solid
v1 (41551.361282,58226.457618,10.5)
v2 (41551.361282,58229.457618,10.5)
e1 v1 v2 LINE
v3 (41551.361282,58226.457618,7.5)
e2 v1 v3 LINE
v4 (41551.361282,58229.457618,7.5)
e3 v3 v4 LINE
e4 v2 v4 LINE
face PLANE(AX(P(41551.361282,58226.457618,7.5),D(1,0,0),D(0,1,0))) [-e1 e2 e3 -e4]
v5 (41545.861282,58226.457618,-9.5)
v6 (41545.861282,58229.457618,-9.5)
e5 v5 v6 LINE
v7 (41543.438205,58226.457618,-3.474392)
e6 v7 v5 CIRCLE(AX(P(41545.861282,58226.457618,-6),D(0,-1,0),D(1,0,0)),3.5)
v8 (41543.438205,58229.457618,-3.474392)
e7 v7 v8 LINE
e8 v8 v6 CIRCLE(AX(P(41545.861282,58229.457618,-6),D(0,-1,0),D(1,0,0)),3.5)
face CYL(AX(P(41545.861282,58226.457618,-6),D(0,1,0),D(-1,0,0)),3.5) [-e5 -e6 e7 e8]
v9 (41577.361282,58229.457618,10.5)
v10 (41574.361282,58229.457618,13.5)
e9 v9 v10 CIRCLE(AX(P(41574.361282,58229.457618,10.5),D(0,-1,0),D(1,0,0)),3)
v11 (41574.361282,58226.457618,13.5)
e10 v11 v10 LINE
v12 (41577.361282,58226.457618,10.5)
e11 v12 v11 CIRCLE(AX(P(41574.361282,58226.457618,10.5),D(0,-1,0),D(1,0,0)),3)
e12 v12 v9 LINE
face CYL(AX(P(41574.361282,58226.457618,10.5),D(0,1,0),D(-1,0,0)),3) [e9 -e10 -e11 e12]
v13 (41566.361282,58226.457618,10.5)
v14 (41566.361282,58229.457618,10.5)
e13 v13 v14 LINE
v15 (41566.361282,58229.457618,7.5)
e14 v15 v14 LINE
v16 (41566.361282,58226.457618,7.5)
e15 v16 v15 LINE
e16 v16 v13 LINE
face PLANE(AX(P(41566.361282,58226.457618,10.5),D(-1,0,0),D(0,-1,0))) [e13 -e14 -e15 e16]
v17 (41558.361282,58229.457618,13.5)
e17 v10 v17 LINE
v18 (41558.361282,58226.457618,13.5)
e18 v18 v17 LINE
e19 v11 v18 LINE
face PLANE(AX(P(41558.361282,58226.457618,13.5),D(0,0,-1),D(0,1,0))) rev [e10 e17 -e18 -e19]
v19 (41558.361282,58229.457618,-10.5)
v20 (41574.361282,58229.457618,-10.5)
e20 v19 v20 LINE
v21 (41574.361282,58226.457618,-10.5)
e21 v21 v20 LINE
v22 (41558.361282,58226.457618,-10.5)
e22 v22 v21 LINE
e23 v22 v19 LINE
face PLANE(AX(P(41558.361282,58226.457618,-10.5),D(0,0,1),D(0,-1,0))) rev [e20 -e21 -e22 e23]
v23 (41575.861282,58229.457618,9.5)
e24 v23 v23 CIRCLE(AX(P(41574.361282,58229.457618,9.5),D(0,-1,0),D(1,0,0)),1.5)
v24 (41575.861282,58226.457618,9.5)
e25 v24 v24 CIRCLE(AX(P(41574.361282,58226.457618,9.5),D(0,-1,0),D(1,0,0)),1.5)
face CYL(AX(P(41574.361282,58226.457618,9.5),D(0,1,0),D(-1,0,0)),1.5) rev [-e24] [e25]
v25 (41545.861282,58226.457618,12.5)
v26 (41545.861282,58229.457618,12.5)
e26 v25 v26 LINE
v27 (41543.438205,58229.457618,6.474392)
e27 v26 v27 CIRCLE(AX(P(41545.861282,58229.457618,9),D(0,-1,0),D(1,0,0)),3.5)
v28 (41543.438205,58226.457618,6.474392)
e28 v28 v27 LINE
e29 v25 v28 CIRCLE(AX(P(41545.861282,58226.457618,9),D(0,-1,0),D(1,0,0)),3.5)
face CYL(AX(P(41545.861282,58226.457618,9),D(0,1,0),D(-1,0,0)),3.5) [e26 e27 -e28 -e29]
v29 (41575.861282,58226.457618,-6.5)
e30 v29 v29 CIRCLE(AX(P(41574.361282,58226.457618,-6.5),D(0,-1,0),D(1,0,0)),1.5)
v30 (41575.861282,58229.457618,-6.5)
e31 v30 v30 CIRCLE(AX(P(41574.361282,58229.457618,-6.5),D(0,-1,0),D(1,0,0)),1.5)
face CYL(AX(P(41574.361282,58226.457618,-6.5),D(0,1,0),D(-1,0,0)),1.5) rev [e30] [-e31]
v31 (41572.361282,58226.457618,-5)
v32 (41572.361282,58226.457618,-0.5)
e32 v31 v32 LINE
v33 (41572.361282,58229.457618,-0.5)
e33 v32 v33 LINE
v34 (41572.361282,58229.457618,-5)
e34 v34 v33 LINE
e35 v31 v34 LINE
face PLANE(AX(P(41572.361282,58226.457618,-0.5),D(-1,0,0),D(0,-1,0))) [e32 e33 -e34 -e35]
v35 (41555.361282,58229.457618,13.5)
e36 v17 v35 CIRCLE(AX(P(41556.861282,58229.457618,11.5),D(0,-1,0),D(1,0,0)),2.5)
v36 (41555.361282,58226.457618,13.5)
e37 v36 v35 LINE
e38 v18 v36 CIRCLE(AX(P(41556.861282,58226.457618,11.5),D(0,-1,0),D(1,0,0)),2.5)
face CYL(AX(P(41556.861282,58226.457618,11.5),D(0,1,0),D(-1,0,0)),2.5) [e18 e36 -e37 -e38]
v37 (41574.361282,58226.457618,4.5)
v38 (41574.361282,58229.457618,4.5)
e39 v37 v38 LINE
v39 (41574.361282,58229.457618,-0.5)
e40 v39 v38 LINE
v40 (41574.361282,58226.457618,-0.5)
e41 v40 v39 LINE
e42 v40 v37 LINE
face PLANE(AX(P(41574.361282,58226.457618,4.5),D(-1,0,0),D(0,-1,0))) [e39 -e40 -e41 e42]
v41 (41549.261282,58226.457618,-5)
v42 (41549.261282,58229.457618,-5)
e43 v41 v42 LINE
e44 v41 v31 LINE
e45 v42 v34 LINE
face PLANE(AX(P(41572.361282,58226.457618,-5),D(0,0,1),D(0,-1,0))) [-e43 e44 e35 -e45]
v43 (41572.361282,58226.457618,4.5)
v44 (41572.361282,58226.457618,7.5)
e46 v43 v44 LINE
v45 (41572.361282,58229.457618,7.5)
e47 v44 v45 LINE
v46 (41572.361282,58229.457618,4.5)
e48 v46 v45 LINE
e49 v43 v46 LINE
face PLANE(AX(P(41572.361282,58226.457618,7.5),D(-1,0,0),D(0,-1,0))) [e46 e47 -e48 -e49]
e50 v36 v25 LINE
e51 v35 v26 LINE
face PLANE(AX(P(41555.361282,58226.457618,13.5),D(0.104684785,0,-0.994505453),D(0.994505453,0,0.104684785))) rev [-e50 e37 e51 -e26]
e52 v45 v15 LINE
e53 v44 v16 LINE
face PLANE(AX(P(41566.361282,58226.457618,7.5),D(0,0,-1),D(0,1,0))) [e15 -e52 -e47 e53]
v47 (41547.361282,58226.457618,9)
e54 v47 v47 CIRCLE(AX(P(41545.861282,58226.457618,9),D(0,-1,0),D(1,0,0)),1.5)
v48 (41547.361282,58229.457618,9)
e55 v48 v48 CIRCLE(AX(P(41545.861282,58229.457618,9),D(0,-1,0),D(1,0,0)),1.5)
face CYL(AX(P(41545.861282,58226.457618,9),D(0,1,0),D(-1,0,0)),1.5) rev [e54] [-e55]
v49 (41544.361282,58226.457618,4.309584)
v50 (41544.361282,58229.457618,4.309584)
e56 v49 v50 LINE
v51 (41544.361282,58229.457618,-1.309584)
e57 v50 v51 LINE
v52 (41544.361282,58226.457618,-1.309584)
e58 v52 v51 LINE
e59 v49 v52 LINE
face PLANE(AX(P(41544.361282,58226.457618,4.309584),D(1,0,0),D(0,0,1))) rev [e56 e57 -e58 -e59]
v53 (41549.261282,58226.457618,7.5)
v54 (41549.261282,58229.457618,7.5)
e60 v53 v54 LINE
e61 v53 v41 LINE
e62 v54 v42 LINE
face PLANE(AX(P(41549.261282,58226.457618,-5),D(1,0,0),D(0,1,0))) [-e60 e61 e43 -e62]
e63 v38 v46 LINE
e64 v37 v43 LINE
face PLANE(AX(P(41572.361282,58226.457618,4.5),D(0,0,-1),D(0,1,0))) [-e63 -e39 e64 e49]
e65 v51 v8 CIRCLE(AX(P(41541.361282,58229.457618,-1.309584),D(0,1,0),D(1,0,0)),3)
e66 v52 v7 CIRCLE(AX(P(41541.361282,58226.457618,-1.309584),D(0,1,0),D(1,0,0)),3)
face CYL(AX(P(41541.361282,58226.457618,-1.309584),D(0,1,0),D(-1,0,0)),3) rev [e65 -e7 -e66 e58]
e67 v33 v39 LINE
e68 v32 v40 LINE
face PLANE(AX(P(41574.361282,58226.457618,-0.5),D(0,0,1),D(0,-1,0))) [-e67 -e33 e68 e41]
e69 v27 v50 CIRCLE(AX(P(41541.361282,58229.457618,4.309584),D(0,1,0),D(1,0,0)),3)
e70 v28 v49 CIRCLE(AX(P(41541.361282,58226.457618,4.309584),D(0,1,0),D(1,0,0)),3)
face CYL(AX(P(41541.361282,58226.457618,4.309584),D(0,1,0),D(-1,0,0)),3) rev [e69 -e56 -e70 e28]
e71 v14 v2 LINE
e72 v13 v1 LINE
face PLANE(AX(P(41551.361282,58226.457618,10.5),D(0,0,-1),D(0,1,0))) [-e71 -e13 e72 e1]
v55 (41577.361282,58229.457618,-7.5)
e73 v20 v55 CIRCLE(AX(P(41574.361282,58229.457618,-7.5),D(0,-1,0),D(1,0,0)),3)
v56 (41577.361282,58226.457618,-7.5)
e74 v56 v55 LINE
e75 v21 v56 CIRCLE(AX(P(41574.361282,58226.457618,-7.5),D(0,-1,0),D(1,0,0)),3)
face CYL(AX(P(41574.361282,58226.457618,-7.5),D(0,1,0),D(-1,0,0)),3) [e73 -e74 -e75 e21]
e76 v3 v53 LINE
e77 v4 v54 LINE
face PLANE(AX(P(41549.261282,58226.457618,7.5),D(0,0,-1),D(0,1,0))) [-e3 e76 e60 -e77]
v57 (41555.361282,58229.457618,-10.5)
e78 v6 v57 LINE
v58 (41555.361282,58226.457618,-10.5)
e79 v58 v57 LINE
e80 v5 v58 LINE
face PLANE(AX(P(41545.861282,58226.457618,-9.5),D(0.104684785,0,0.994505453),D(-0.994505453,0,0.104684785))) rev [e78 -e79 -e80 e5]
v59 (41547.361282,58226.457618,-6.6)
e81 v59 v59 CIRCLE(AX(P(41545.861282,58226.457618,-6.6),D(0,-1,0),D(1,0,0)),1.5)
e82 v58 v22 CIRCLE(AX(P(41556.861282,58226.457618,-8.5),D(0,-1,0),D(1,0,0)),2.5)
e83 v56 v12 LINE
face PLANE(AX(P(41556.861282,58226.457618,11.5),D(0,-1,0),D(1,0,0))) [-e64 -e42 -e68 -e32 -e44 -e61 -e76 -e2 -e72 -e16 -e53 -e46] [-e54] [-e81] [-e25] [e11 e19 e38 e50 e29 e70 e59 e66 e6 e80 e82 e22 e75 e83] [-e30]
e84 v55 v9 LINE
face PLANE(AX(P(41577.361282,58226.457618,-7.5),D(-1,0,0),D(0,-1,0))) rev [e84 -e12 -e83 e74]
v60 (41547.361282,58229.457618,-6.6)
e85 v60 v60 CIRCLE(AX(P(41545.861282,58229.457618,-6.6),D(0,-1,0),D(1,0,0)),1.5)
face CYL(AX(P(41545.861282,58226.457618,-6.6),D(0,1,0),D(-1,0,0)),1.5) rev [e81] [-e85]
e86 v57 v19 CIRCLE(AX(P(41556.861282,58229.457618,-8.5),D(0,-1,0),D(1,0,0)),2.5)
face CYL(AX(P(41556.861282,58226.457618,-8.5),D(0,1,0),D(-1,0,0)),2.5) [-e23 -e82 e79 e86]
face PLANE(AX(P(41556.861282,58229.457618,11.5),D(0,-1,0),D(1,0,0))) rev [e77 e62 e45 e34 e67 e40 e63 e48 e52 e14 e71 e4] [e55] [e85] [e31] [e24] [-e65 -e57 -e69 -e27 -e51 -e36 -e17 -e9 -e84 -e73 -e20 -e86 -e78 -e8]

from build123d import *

# Parameters (mm, degrees)
CROQUIS1_R                 = 1.5
SALIENTE_EXTRUIR1_DEPTH    = 3
S_LIDO_MOVER_COPIAR1_ANGLE = 90


with BuildPart() as part:
    # Croquis1 → Saliente-Extruir1 (new body)
    with BuildSketch(Plane.XY):
        with BuildLine():
            Line((41558.361281649, 58239.957618209), (41574.361281649, 58239.957618209))
            ThreePointArc((41574.361281649, 58239.957618209), (41576.482601992, 58239.078938552), (41577.361281649, 58236.957618209))
            Line((41577.361281649, 58236.957618209), (41577.361281649, 58218.957618209))
            ThreePointArc((41577.361281649, 58218.957618209), (41576.482601992, 58216.836297865), (41574.361281649, 58215.957618209))
            Line((41574.361281649, 58215.957618209), (41558.361281649, 58215.957618209))
            ThreePointArc((41558.361281649, 58215.957618209), (41556.861281649, 58215.457618209), (41555.361281649, 58215.957618209))
            Line((41555.361281649, 58215.957618209), (41545.861281649, 58216.957618209))
            ThreePointArc((41545.861281649, 58216.957618209), (41542.614003581, 58219.151790828), (41543.438204726, 58222.983226695))
            ThreePointArc((41543.438204726, 58222.983226695), (41544.120880282, 58223.971337158), (41544.361281649, 58225.148033968))
            Line((41544.361281649, 58225.148033968), (41544.361281649, 58230.767202449))
            ThreePointArc((41544.361281649, 58230.767202449), (41544.120880282, 58231.94389926), (41543.438204726, 58232.932009723))
            ThreePointArc((41543.438204726, 58232.932009723), (41542.614003581, 58236.76344559), (41545.86128165, 58238.957618209))
            Line((41545.86128165, 58238.957618209), (41555.361281649, 58239.957618209))
            ThreePointArc((41555.361281649, 58239.957618209), (41556.861281649, 58240.457618209), (41558.361281649, 58239.957618209))
        make_face()
        with Locations((41545.861281649, 58235.457618209)):
            Circle(CROQUIS1_R, mode=Mode.SUBTRACT)
        with Locations((41545.861281649, 58219.857618209)):
            Circle(CROQUIS1_R, mode=Mode.SUBTRACT)
        with Locations((41574.361281649, 58219.957618209)):
            Circle(CROQUIS1_R, mode=Mode.SUBTRACT)
        with Locations((41574.361281649, 58235.957618209)):
            Circle(CROQUIS1_R, mode=Mode.SUBTRACT)
        Polygon((41551.361281649, 58236.957618209), (41566.361281649, 58236.957618209), (41566.361281649, 58233.957618209), (41572.361281649, 58233.957618209), (41572.361281649, 58230.957618209), (41574.361281649, 58230.957618209), (41574.361281649, 58225.957618209), (41572.361281649, 58225.957618209), (41572.361281649, 58221.457618208), (41549.261281649, 58221.457618208), (41549.261281649, 58233.957618209), (41551.361281649, 58233.957618209), align=None, mode=Mode.SUBTRACT)
    extrude(amount=SALIENTE_EXTRUIR1_DEPTH)


with BuildPart() as part_1:
    # Sólido-Mover/Copiar1: moved
    add(part.part.rotate(Axis((0, 58227.957618209, 1.5), (1, 0, 0)), S_LIDO_MOVER_COPIAR1_ANGLE))


solid = part_1.part
